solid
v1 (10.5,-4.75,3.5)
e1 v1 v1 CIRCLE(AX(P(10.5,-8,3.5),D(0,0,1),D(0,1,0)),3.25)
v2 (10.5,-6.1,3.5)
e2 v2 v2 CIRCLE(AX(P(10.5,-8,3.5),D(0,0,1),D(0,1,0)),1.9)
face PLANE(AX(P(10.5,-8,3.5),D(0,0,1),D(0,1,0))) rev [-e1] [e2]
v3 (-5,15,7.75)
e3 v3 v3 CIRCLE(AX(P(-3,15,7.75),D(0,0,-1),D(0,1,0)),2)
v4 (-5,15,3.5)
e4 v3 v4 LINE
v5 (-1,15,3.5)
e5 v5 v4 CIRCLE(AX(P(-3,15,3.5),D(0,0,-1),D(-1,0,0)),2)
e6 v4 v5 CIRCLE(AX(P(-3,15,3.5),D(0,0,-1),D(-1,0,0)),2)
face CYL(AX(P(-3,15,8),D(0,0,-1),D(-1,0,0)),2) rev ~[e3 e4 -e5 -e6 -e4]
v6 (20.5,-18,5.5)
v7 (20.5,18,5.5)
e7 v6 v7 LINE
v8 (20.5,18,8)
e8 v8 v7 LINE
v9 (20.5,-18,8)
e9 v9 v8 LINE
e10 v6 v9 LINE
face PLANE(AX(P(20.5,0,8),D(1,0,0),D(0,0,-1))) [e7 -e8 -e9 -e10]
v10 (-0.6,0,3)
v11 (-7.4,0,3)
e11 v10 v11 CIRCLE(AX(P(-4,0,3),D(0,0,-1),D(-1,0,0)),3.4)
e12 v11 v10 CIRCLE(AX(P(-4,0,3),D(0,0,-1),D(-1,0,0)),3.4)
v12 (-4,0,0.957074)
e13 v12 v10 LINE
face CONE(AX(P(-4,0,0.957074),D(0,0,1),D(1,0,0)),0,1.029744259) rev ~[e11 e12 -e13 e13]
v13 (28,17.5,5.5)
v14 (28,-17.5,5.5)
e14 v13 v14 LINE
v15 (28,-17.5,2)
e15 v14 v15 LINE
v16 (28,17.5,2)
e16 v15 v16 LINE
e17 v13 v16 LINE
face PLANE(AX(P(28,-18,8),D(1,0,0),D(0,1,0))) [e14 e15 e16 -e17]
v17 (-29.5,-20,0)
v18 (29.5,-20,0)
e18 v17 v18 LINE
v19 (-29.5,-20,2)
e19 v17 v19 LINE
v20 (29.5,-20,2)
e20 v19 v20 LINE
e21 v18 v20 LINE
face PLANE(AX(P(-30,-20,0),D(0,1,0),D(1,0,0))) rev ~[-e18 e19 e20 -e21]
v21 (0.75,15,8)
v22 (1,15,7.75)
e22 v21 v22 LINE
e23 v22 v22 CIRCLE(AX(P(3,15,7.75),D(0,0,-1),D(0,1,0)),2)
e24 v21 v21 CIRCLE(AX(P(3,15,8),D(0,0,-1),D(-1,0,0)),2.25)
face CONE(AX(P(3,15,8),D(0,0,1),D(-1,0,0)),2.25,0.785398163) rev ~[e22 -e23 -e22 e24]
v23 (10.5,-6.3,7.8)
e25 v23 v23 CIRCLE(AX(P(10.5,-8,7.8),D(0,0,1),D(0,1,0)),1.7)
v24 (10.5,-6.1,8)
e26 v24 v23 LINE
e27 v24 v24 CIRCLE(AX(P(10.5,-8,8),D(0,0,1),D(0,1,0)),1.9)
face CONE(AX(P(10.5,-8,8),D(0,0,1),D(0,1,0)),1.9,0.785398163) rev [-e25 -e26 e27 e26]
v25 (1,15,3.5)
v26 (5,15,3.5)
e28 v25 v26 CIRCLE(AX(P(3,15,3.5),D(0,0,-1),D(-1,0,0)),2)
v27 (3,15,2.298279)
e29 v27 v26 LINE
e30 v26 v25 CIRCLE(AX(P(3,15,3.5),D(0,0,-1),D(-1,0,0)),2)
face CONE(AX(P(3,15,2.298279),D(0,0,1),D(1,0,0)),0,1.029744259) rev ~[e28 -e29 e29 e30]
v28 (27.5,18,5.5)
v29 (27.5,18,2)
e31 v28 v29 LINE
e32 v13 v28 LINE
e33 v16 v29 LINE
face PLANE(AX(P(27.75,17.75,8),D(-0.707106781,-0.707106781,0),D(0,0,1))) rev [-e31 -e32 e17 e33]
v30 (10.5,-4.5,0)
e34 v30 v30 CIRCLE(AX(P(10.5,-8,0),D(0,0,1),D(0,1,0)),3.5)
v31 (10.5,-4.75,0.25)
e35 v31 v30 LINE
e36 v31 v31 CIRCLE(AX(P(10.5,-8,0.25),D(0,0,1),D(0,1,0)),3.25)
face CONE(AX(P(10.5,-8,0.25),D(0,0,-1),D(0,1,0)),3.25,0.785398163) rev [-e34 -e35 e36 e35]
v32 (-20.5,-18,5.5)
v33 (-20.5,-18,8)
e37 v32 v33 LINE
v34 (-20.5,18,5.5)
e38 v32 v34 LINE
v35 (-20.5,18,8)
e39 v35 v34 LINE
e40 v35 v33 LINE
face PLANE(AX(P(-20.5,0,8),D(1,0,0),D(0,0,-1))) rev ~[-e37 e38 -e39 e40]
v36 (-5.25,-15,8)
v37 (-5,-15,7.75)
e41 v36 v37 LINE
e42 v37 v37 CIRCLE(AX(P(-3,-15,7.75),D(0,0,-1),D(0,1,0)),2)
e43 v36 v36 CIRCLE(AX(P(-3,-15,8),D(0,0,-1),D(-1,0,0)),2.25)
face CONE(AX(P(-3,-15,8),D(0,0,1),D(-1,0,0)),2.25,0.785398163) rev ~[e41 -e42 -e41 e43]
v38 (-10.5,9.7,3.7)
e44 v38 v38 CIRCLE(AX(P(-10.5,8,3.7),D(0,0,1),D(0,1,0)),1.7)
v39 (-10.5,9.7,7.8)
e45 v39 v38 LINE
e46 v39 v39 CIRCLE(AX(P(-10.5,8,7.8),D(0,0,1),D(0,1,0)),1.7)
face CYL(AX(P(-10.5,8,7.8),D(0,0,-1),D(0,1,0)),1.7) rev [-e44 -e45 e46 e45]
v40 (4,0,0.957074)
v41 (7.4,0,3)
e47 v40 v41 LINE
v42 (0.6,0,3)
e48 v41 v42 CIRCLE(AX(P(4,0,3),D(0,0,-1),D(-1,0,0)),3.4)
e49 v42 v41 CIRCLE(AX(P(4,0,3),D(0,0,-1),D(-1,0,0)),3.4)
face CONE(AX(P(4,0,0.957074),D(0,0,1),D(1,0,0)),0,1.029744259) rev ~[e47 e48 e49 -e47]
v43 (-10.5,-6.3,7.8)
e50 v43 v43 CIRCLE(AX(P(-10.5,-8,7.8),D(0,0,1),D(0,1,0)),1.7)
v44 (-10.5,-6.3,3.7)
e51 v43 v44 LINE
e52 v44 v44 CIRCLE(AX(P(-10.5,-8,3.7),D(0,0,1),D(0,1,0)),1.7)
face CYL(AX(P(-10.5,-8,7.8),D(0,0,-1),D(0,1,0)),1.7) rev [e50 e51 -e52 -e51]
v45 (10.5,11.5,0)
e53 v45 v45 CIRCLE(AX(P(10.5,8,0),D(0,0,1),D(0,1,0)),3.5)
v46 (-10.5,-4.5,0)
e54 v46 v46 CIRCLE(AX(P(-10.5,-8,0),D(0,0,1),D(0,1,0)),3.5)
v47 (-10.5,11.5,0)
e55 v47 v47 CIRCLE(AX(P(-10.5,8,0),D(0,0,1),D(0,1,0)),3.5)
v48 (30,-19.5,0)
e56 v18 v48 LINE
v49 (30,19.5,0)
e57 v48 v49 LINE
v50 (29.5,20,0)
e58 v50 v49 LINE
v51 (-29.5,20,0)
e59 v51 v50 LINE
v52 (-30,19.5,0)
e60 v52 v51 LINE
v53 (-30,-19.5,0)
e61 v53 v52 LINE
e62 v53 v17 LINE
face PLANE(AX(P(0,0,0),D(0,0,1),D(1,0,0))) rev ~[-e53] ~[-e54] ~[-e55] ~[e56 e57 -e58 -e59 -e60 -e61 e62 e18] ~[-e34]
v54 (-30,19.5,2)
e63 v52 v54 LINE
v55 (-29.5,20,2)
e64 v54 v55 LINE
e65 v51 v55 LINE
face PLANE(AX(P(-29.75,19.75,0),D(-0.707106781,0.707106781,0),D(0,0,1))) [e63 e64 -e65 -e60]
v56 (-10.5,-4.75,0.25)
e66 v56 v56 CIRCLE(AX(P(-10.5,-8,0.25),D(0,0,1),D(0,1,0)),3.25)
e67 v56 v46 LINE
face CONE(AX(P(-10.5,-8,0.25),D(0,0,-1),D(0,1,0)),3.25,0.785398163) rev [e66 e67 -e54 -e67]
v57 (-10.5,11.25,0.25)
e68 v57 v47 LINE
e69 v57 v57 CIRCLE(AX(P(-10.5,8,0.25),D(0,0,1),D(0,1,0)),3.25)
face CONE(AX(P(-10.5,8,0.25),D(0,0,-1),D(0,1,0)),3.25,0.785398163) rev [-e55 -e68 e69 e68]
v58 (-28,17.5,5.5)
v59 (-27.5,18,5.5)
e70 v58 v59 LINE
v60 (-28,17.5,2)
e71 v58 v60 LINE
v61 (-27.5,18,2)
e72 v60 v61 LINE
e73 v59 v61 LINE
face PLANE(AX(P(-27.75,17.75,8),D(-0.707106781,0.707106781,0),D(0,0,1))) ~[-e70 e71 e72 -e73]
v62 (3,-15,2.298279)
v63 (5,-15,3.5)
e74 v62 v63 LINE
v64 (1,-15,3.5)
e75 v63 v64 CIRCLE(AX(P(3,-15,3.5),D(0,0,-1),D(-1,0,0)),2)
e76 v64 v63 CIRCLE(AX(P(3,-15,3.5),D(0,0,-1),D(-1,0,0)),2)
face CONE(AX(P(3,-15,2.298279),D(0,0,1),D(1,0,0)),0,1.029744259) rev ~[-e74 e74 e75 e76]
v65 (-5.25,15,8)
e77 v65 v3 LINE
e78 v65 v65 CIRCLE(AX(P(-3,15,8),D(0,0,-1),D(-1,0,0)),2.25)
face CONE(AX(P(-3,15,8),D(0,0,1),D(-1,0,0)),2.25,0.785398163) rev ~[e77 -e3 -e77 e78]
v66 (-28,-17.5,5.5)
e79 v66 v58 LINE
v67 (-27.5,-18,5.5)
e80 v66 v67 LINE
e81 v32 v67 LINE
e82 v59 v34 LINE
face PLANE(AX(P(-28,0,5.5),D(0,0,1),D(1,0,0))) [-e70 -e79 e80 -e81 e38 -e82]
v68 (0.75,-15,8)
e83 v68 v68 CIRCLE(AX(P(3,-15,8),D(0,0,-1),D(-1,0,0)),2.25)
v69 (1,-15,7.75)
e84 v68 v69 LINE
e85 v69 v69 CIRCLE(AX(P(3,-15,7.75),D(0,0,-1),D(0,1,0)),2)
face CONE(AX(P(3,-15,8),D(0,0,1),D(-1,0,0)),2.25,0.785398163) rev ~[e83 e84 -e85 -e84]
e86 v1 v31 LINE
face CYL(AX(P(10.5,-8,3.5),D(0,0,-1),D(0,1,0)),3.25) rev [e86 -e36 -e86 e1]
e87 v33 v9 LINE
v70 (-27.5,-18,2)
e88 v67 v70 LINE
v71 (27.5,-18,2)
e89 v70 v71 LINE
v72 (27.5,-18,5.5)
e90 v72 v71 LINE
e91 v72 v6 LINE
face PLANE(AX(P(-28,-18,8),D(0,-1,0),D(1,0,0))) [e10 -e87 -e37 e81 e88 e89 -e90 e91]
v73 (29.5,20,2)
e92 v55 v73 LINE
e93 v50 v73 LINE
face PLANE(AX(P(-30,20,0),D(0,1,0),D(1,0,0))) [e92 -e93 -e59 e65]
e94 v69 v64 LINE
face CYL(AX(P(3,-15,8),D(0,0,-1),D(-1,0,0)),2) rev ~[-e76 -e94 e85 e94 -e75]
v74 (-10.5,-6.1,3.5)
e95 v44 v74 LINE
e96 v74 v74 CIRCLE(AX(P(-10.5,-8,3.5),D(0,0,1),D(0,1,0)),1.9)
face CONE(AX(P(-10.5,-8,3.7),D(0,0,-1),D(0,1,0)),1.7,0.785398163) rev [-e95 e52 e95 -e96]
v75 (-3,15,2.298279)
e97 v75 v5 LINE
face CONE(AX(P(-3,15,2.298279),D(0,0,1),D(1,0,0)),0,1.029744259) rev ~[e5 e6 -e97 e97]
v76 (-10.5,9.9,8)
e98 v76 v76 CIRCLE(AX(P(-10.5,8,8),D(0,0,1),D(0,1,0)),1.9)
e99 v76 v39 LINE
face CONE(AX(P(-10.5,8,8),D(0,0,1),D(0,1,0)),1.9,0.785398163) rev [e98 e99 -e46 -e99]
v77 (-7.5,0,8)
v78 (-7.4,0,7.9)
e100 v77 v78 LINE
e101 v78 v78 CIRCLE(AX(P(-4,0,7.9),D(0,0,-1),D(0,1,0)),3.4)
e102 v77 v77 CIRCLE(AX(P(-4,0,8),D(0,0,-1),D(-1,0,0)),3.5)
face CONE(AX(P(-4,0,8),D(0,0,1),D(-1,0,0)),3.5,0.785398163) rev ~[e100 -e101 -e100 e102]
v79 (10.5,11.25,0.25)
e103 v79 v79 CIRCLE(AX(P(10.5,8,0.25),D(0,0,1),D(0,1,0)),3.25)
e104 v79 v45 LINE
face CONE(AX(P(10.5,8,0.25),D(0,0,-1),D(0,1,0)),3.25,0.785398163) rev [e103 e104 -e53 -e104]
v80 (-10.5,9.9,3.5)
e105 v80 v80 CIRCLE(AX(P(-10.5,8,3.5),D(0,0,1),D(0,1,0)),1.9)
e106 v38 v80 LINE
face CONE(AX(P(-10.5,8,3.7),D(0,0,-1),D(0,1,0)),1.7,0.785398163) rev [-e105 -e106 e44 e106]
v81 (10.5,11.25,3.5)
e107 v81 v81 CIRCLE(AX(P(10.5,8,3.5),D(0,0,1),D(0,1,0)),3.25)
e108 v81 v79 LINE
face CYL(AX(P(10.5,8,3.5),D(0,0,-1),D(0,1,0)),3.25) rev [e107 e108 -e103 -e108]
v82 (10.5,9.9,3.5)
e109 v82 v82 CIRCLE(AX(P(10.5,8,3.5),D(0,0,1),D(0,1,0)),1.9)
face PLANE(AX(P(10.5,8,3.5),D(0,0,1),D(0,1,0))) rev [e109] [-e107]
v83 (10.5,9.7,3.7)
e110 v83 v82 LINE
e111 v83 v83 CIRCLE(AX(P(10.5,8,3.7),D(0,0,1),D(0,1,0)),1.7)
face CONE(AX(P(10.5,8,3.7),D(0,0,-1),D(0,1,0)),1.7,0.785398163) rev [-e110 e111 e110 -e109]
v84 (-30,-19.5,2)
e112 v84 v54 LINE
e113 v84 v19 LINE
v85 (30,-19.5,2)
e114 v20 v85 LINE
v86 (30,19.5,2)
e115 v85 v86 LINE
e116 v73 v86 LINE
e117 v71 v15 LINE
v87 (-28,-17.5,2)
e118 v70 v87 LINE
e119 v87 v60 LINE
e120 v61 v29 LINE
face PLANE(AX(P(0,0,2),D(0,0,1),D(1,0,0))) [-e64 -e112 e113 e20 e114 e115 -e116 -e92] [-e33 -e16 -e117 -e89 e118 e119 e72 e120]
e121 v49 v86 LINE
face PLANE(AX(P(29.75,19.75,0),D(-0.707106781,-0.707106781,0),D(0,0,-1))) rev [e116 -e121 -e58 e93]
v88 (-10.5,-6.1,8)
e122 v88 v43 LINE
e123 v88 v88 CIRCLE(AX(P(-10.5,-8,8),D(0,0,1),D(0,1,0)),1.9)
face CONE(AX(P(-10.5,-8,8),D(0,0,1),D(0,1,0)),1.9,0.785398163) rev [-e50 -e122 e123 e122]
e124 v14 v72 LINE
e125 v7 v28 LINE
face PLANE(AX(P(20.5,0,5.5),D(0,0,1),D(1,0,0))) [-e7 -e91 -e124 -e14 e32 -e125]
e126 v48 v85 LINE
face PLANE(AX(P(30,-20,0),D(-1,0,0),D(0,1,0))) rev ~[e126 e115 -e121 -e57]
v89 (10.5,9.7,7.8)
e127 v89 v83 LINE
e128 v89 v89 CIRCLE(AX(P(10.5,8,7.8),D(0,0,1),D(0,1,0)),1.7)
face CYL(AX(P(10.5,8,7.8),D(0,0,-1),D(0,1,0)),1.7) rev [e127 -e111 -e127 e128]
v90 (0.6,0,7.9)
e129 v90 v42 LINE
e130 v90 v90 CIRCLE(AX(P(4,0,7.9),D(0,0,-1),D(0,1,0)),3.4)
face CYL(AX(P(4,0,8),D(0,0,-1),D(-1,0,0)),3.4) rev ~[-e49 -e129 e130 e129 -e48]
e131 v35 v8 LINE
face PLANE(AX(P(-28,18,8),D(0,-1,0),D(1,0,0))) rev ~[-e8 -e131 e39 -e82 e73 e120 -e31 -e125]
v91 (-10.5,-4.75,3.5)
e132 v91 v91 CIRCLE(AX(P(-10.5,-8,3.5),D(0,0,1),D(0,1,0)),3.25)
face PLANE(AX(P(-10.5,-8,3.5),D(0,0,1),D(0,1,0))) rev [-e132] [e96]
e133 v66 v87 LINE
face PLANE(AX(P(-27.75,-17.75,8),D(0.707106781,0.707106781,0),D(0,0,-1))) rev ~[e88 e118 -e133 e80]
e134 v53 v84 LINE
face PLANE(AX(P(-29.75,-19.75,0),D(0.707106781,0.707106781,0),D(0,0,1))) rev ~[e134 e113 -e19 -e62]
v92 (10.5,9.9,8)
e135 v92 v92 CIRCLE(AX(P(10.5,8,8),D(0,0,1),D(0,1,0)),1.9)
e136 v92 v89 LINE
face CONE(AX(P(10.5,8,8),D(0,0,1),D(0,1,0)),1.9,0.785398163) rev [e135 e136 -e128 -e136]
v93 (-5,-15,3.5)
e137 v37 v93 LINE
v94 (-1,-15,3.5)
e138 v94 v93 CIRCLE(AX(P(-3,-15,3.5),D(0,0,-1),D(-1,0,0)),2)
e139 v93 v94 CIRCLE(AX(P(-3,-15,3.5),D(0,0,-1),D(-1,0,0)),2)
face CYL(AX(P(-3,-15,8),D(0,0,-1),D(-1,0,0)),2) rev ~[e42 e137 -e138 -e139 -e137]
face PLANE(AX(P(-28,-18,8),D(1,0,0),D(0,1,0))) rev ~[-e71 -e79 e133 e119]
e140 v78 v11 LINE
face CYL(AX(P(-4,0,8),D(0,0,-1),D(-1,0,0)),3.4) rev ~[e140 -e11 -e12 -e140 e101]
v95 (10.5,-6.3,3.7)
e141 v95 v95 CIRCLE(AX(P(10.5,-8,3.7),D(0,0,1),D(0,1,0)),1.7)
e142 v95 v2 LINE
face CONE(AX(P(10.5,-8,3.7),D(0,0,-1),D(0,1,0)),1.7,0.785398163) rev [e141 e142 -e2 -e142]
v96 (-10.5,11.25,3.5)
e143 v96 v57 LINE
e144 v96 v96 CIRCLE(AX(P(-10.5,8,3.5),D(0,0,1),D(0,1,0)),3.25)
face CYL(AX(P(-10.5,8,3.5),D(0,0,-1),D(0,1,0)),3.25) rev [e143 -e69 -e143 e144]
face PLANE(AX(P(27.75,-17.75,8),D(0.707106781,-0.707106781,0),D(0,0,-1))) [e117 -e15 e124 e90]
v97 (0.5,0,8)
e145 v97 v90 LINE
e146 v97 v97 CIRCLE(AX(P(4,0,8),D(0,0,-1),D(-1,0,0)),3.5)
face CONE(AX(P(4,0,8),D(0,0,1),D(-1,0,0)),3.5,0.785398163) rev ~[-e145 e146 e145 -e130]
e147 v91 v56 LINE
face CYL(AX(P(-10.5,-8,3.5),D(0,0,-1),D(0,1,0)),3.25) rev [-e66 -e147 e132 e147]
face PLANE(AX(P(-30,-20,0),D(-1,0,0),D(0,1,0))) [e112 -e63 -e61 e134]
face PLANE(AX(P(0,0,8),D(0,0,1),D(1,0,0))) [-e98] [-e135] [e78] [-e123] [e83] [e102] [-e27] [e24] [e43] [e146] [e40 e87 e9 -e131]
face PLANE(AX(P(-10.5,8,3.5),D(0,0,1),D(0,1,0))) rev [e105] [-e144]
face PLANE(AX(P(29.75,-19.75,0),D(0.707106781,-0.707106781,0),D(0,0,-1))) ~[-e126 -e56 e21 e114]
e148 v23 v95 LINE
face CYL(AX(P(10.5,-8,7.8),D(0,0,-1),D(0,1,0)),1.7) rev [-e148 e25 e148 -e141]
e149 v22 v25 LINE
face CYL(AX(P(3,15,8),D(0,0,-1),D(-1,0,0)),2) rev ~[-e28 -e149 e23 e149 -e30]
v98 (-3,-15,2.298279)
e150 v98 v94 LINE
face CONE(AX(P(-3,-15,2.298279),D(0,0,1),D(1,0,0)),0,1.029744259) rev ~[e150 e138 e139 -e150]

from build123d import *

# Parameters (mm, degrees)
SKETCH_1_W                        = 60
SKETCH_1_H                        = 40
EXTRUDE_1_DEPTH                   = 8
SKETCH_2_OUTSIDE_W                = 76.51
SKETCH_2_OUTSIDE_H                = 56.51
SKETCH_2_OUTSIDE_W_2              = 56
SKETCH_2_OUTSIDE_H_2              = 36
CUT_EXTRUDE_1_DEPTH               = 6
CHAMFER_1_SIZE                    = 0.5
HOLE_WIZARD_4_0_4_1_D             = 4
HOLE_WIZARD_4_0_4_1_DEPTH         = 4.5
HOLE_WIZARD_4_0_4_1_CSINK_D       = 4.5
HOLE_WIZARD_4_0_4_1_CSINK_ANGLE   = 90
HOLE_WIZARD_4_0_4_1_TIP           = 1.201721238
HOLE_WIZARD_M31_AT_2_COUNT        = 2
HOLE_WIZARD_M31_AT_2_PITCH        = 21
HOLE_WIZARD_M31_AT_3_COUNT        = 2
HOLE_WIZARD_M31_AT_3_PITCH        = 26.400757565
HOLE_WIZARD_M31_AT_4_COUNT        = 2
HOLE_WIZARD_M31_AT_4_PITCH        = 16
SKETCH_7_W                        = 7.5
SKETCH_7_H                        = 2.5
CUT_EXTRUDE_2_DEPTH               = 21
CUT_EXTRUDE_2_DEPTH_BACK          = 21
HOLE_WIZARD_6_8_6_8_1_D           = 6.8
HOLE_WIZARD_6_8_6_8_1_DEPTH       = 5
HOLE_WIZARD_6_8_6_8_1_CSINK_D     = 7
HOLE_WIZARD_6_8_6_8_1_CSINK_ANGLE = 90
HOLE_WIZARD_6_8_6_8_1_TIP         = 2.042926105


with BuildPart() as part:
    # Эскиз1 → Бобышка-Вытянуть1 (new body)
    with BuildSketch(Plane.XY):
        Rectangle(SKETCH_1_W, SKETCH_1_H)
    extrude(amount=EXTRUDE_1_DEPTH)

    # Эскиз2 outside → Вырез-Вытянуть1 (cut)
    with BuildSketch(Plane.XY.offset(8)):
        Rectangle(SKETCH_2_OUTSIDE_W, SKETCH_2_OUTSIDE_H)
        Rectangle(SKETCH_2_OUTSIDE_W_2, SKETCH_2_OUTSIDE_H_2, mode=Mode.SUBTRACT)
    extrude(amount=-CUT_EXTRUDE_1_DEPTH, mode=Mode.SUBTRACT)

    # Фаска1
    chamfer_1_edges = [part.edges().sort_by_distance(p)[0] for p in [
        (30, -20, 1),
        (-30, -20, 1),
        (-30, 20, 1),
        (30, 20, 1),
        (28, -18, 5),
        (-28, -18, 5),
        (-28, 18, 5),
        (28, 18, 5),
    ]]
    chamfer(chamfer_1_edges, length=CHAMFER_1_SIZE)

    # Диаметр отверстия Ø4.0 (4)1
    with Locations(Plane.XY.offset(8)):
        with Locations((-3, -15), (3, -15), (3, 15), (-3, 15)):
            CounterSinkHole(HOLE_WIZARD_4_0_4_1_D / 2, HOLE_WIZARD_4_0_4_1_CSINK_D / 2, depth=HOLE_WIZARD_4_0_4_1_DEPTH, counter_sink_angle=HOLE_WIZARD_4_0_4_1_CSINK_ANGLE)
            with Locations((0, 0, -(HOLE_WIZARD_4_0_4_1_DEPTH + HOLE_WIZARD_4_0_4_1_TIP / 2))):  # 118° drill point
                Cone(0, HOLE_WIZARD_4_0_4_1_D / 2, HOLE_WIZARD_4_0_4_1_TIP, mode=Mode.SUBTRACT)

    # Эскиз5 → Цековка для винта с внутренним шестигранником M31 (revolve, cut)
    with BuildSketch(Plane(origin=(10.5, 8, 0), x_dir=(0, 1, 0), z_dir=(1, 0, 0))):
        Polygon((0, 0), (0, 8), (1.9, 8), (1.7, 7.8), (1.7, 3.7), (1.9, 3.5), (3.25, 3.5), (3.25, 0.25), (3.5, 0), align=None)
    hole_wizard_m31 = revolve(axis=Axis((10.5, 8, -6.35), (0, 0, 1)), mode=Mode.SUBTRACT)

    # Цековка для винта с внутренним шестигранником M31 at 2: Цековка для винта с внутренним шестигранником M31 ×2
    with Locations(*[(-i * HOLE_WIZARD_M31_AT_2_PITCH, 0, 0) for i in range(1, HOLE_WIZARD_M31_AT_2_COUNT)]):
        add(hole_wizard_m31, mode=Mode.SUBTRACT)

    # Цековка для винта с внутренним шестигранником M31 at 3: Цековка для винта с внутренним шестигранником M31 ×2
    with Locations(*[Vector(-0.79543172, -0.606043215, 0) * (i * HOLE_WIZARD_M31_AT_3_PITCH) for i in range(1, HOLE_WIZARD_M31_AT_3_COUNT)]):
        add(hole_wizard_m31, mode=Mode.SUBTRACT)

    # Цековка для винта с внутренним шестигранником M31 at 4: Цековка для винта с внутренним шестигранником M31 ×2
    with Locations(*[(0, -i * HOLE_WIZARD_M31_AT_4_PITCH, 0) for i in range(1, HOLE_WIZARD_M31_AT_4_COUNT)]):
        add(hole_wizard_m31, mode=Mode.SUBTRACT)

    # Эскиз7 → Вырез-Вытянуть2 (cut, two sides)
    with BuildSketch(Plane(origin=(0, 0, 0), x_dir=(1, 0, 0), z_dir=(0, 1, 0))) as cut_extrude_2_sk:
        with Locations((24.25, -6.75)):
            Rectangle(SKETCH_7_W, SKETCH_7_H)
        with Locations((-24.25, -6.75)):
            Rectangle(SKETCH_7_W, SKETCH_7_H)
    extrude(amount=CUT_EXTRUDE_2_DEPTH, mode=Mode.SUBTRACT)
    extrude(cut_extrude_2_sk.sketch, amount=-CUT_EXTRUDE_2_DEPTH_BACK, mode=Mode.SUBTRACT)

    # Диаметр отверстия Ø6.8 (6.8)1
    with Locations(Plane.XY.offset(8)):
        with Locations((4, 0), (-4, 0)):
            CounterSinkHole(HOLE_WIZARD_6_8_6_8_1_D / 2, HOLE_WIZARD_6_8_6_8_1_CSINK_D / 2, depth=HOLE_WIZARD_6_8_6_8_1_DEPTH, counter_sink_angle=HOLE_WIZARD_6_8_6_8_1_CSINK_ANGLE)
            with Locations((0, 0, -(HOLE_WIZARD_6_8_6_8_1_DEPTH + HOLE_WIZARD_6_8_6_8_1_TIP / 2))):  # 118° drill point
                Cone(0, HOLE_WIZARD_6_8_6_8_1_D / 2, HOLE_WIZARD_6_8_6_8_1_TIP, mode=Mode.SUBTRACT)


solid = part.part
